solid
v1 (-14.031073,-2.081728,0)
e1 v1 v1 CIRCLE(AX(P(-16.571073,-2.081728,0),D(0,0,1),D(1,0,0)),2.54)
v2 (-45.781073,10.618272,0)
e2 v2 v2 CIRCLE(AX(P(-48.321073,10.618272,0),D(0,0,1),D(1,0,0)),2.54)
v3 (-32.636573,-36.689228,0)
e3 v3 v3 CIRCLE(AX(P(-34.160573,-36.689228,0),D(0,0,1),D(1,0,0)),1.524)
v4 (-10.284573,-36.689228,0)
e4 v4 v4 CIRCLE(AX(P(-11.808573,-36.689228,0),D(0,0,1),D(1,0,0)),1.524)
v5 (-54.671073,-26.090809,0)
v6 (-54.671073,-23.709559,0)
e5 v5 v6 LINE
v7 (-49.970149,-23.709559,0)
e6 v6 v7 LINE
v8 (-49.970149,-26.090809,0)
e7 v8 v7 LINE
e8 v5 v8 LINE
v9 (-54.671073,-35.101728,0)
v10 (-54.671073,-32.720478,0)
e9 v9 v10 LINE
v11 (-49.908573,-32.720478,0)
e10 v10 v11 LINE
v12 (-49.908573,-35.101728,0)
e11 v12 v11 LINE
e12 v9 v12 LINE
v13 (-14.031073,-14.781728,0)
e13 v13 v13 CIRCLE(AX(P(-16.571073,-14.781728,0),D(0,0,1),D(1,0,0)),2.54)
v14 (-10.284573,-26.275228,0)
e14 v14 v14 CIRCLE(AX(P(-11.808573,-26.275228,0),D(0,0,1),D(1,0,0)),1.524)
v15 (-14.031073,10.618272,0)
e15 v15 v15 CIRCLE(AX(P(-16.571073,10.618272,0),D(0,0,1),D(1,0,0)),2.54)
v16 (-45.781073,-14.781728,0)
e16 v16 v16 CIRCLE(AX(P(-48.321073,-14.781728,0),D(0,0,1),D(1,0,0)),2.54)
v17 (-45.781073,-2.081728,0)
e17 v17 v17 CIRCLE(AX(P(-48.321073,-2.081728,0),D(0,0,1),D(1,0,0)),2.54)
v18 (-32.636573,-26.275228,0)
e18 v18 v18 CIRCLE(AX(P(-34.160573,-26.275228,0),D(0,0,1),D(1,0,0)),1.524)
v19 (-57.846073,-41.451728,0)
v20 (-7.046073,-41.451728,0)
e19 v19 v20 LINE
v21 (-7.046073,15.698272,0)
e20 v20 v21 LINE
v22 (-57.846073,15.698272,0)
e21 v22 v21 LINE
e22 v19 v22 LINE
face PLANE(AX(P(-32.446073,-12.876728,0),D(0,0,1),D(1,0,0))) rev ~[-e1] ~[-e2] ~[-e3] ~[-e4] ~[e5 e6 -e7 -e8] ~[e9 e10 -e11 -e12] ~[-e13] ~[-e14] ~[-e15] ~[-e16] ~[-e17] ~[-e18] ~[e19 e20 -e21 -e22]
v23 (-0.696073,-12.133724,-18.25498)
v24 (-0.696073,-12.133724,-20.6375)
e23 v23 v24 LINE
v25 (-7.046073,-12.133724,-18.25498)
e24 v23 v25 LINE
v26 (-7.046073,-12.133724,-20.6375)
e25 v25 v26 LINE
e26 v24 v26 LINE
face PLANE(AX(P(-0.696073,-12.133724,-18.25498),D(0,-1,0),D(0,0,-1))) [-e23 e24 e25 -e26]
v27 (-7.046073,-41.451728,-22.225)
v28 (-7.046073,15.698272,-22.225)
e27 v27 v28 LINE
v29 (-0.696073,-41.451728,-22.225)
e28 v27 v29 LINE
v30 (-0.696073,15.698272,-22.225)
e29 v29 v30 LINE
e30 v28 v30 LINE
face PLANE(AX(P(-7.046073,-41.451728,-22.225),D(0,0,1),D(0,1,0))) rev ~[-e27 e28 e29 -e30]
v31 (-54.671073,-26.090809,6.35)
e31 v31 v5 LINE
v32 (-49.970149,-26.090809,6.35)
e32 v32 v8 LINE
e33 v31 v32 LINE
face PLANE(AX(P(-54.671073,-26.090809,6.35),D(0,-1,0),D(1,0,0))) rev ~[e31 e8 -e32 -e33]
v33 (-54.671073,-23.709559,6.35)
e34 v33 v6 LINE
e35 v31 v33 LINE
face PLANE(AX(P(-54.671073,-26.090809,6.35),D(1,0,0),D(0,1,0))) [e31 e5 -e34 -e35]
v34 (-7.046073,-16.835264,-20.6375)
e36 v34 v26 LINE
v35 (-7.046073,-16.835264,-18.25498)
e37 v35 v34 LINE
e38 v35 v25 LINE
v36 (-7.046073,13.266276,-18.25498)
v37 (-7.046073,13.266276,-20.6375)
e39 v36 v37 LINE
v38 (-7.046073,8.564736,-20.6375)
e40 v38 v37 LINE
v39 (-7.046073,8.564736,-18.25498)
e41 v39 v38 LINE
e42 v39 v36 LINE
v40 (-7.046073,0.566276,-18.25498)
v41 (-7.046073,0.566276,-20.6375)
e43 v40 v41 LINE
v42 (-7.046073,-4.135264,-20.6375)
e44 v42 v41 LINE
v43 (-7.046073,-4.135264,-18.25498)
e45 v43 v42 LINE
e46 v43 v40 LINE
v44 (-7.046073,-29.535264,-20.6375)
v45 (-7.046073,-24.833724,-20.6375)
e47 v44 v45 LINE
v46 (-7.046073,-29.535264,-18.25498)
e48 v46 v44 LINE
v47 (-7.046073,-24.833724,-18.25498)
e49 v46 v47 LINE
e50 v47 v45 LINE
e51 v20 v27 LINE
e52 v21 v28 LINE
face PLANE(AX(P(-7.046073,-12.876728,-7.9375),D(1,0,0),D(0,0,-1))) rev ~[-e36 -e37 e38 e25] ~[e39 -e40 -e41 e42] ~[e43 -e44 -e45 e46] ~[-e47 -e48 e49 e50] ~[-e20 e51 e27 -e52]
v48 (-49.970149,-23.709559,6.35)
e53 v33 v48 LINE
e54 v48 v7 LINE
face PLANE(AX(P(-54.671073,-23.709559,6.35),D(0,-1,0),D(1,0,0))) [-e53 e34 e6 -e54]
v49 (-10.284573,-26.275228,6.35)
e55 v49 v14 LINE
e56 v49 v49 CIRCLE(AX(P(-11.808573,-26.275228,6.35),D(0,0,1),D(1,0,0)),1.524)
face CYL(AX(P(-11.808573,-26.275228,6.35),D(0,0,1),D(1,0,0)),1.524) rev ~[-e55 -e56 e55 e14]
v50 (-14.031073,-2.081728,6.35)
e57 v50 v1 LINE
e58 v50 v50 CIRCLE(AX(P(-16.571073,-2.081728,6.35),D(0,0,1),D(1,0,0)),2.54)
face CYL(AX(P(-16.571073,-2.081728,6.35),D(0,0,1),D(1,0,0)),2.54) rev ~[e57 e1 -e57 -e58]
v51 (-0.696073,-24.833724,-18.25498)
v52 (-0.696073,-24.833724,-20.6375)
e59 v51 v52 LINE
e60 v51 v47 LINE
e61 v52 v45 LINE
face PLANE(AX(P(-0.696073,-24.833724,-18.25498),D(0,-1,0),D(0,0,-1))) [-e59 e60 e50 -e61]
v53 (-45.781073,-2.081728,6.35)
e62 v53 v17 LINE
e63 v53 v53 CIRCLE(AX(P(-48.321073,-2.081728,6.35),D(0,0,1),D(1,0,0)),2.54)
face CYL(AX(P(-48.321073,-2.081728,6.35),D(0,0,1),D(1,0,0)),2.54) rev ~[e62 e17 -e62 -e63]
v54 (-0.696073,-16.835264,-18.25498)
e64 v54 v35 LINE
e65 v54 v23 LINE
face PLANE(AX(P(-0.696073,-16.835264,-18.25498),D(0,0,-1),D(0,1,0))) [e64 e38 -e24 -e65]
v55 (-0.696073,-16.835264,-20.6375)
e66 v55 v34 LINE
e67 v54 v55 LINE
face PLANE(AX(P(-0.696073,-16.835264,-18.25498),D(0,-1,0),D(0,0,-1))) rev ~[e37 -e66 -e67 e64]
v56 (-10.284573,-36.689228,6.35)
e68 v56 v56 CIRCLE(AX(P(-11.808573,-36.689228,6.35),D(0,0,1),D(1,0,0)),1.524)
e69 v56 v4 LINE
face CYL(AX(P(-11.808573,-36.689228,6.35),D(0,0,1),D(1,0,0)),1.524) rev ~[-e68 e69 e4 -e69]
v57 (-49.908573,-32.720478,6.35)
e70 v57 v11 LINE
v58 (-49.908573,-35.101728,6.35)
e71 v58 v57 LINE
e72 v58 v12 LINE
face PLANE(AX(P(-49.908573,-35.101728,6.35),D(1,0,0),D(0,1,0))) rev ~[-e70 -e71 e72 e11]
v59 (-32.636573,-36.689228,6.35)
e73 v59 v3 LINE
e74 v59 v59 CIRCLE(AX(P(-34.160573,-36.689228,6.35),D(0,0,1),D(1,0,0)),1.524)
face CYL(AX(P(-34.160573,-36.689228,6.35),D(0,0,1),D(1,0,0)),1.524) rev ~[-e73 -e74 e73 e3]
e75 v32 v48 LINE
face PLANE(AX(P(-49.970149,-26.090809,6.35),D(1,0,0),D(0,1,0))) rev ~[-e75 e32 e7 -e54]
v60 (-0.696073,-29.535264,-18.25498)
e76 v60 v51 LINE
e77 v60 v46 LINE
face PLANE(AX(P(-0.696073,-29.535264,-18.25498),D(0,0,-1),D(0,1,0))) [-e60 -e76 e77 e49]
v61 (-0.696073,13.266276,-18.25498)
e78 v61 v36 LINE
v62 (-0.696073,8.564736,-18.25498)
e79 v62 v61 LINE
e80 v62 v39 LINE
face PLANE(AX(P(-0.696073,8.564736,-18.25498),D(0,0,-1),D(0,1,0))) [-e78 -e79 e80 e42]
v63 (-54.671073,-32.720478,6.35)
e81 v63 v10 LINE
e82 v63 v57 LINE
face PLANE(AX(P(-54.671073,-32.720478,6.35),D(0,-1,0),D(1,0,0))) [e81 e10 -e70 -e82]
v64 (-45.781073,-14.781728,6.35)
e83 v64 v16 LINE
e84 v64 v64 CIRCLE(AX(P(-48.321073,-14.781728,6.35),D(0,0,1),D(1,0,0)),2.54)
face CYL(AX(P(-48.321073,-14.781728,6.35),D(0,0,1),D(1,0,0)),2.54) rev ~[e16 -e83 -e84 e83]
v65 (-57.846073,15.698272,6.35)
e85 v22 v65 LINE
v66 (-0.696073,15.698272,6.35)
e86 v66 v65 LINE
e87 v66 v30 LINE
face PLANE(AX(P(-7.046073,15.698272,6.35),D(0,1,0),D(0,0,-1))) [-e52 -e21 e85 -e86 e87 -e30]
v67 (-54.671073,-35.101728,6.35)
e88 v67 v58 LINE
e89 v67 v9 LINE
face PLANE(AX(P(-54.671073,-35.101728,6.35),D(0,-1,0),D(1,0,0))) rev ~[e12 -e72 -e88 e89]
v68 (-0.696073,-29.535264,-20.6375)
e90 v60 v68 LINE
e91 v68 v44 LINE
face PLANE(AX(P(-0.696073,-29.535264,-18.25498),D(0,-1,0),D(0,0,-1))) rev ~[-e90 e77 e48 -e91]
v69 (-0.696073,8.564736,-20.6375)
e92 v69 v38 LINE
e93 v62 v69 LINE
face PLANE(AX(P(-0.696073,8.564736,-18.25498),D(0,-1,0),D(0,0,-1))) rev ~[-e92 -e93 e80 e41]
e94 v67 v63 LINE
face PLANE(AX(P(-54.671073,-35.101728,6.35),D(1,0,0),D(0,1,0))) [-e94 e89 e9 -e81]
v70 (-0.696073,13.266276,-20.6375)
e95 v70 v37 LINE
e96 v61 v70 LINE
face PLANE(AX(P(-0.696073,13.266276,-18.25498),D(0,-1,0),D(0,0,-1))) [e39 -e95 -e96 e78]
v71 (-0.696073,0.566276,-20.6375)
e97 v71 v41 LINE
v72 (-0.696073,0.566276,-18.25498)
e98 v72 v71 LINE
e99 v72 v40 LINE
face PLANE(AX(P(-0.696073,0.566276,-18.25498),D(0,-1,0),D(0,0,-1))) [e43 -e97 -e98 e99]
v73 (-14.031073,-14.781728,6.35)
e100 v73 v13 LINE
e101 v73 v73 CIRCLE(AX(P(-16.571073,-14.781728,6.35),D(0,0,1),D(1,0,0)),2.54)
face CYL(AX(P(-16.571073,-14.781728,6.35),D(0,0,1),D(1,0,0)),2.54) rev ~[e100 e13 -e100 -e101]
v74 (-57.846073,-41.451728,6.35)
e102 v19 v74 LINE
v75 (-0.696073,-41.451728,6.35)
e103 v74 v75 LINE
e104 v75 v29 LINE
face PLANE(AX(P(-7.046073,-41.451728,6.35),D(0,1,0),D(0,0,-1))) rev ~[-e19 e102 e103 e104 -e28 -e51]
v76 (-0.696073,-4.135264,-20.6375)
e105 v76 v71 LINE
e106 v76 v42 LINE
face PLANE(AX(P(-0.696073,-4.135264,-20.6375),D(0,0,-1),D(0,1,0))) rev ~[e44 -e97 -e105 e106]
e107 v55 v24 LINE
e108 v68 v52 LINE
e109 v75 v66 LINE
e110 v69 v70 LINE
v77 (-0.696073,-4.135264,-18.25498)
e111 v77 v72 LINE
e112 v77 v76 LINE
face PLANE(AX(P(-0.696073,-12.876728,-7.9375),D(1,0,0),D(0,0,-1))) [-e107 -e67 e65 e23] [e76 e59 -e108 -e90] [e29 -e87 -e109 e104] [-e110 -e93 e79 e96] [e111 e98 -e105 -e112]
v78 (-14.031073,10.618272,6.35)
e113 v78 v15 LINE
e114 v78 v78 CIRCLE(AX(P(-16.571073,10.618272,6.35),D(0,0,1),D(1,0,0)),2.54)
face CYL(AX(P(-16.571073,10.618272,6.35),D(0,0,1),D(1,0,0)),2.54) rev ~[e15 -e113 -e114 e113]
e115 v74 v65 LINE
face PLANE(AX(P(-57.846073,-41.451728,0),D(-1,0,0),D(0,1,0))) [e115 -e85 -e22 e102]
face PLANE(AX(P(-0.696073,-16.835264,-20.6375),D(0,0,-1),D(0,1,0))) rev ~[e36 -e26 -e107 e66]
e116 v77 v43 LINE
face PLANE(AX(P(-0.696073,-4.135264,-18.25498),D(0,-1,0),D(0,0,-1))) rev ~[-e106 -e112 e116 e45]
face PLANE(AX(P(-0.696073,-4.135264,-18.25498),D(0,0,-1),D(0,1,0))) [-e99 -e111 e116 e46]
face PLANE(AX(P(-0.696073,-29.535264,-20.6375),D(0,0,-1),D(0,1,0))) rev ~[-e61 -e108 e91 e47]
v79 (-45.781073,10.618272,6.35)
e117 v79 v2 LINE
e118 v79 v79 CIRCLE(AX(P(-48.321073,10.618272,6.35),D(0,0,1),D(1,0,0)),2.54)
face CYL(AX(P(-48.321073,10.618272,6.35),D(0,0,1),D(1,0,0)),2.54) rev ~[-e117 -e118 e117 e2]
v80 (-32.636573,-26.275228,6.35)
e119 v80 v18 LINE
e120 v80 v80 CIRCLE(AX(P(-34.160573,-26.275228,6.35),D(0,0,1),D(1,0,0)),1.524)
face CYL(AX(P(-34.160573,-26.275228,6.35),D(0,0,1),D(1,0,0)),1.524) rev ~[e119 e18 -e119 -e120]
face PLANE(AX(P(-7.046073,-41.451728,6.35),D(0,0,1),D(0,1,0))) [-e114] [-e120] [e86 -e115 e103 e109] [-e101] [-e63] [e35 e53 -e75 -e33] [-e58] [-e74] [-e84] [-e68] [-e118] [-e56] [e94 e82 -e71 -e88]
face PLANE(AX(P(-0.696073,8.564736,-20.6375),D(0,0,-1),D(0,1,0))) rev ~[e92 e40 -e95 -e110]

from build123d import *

# Parameters (mm, degrees)
SKETCH1_W           = 50.8
SKETCH1_H           = 57.15
BOSS_EXTRUDE1_DEPTH = 6.35
SKETCH5_R           = 1.524
SKETCH5_R_2         = 2.54
CUT_EXTRUDE1_DEPTH  = 72.447438113
SKETCH6_W           = 4.7625
SKETCH6_H           = 2.38125
SKETCH6_W_2         = 4.700923451
CUT_EXTRUDE2_DEPTH  = 72.447438113
SKETCH9_W           = 28.575
SKETCH9_H           = 57.15
BOSS_EXTRUDE2_DEPTH = 6.35
SKETCH11_W          = 2.38252
SKETCH11_H          = 4.70154
CUT_EXTRUDE4_DEPTH  = 75.015666563
LPATTERN1_COUNT     = 4
LPATTERN1_PITCH     = 12.7


with BuildPart() as part:
    # Sketch1 → Boss-Extrude1 (new body)
    with BuildSketch(Plane.XY):
        with Locations((-32.446072824, -12.876728212)):
            Rectangle(SKETCH1_W, SKETCH1_H)
    extrude(amount=BOSS_EXTRUDE1_DEPTH)

    # Sketch5 → Cut-Extrude1 (cut, through all)
    with BuildSketch(Plane.XY.offset(6.35)):
        with Locations((-11.808572824, -26.275228212)):
            Circle(SKETCH5_R)
        with Locations((-11.808572824, -36.689228212)):
            Circle(SKETCH5_R)
        with Locations((-34.160572824, -26.275228212)):
            Circle(SKETCH5_R)
        with Locations((-34.160572824, -36.689228212)):
            Circle(SKETCH5_R)
        with Locations((-48.321072824, 10.618271788)):
            Circle(SKETCH5_R_2)
        with Locations((-16.571072824, 10.618271788)):
            Circle(SKETCH5_R_2)
        with Locations((-48.321072824, -2.081728212)):
            Circle(SKETCH5_R_2)
        with Locations((-16.571072824, -2.081728212)):
            Circle(SKETCH5_R_2)
        with Locations((-48.321072824, -14.781728212)):
            Circle(SKETCH5_R_2)
        with Locations((-16.571072824, -14.781728212)):
            Circle(SKETCH5_R_2)
    extrude(amount=-CUT_EXTRUDE1_DEPTH, mode=Mode.SUBTRACT)

    # Sketch6 → Cut-Extrude2 (cut, through all)
    with BuildSketch(Plane.XY.offset(6.35)):
        with Locations((-52.289822824, -33.911103212)):
            Rectangle(SKETCH6_W, SKETCH6_H)
        with Locations((-52.320611099, -24.900183987)):
            Rectangle(SKETCH6_W_2, SKETCH6_H)
    extrude(amount=-CUT_EXTRUDE2_DEPTH, mode=Mode.SUBTRACT)

    # Sketch9 → Boss-Extrude2 (add)
    with BuildSketch(Plane(origin=(-7.046072824, 0, 0), x_dir=(0, 0, -1), z_dir=(1, 0, 0))):
        with Locations((7.9375, -12.876728212)):
            Rectangle(SKETCH9_W, SKETCH9_H)
    extrude(amount=BOSS_EXTRUDE2_DEPTH)

    # Sketch11 → Cut-Extrude4 (cut, through all)
    with BuildSketch(Plane(origin=(-0.696072824, 0, 0), x_dir=(0, 0, -1), z_dir=(1, 0, 0))):
        with Locations((19.44624, 10.915505986)):
            Rectangle(SKETCH11_W, SKETCH11_H)
    cut_extrude4 = extrude(amount=-CUT_EXTRUDE4_DEPTH, mode=Mode.SUBTRACT)

    # LPattern1: Cut-Extrude4 ×4
    with Locations(*[(0, -i * LPATTERN1_PITCH, 0) for i in range(1, LPATTERN1_COUNT)]):
        add(cut_extrude4, mode=Mode.SUBTRACT)


solid = part.part
